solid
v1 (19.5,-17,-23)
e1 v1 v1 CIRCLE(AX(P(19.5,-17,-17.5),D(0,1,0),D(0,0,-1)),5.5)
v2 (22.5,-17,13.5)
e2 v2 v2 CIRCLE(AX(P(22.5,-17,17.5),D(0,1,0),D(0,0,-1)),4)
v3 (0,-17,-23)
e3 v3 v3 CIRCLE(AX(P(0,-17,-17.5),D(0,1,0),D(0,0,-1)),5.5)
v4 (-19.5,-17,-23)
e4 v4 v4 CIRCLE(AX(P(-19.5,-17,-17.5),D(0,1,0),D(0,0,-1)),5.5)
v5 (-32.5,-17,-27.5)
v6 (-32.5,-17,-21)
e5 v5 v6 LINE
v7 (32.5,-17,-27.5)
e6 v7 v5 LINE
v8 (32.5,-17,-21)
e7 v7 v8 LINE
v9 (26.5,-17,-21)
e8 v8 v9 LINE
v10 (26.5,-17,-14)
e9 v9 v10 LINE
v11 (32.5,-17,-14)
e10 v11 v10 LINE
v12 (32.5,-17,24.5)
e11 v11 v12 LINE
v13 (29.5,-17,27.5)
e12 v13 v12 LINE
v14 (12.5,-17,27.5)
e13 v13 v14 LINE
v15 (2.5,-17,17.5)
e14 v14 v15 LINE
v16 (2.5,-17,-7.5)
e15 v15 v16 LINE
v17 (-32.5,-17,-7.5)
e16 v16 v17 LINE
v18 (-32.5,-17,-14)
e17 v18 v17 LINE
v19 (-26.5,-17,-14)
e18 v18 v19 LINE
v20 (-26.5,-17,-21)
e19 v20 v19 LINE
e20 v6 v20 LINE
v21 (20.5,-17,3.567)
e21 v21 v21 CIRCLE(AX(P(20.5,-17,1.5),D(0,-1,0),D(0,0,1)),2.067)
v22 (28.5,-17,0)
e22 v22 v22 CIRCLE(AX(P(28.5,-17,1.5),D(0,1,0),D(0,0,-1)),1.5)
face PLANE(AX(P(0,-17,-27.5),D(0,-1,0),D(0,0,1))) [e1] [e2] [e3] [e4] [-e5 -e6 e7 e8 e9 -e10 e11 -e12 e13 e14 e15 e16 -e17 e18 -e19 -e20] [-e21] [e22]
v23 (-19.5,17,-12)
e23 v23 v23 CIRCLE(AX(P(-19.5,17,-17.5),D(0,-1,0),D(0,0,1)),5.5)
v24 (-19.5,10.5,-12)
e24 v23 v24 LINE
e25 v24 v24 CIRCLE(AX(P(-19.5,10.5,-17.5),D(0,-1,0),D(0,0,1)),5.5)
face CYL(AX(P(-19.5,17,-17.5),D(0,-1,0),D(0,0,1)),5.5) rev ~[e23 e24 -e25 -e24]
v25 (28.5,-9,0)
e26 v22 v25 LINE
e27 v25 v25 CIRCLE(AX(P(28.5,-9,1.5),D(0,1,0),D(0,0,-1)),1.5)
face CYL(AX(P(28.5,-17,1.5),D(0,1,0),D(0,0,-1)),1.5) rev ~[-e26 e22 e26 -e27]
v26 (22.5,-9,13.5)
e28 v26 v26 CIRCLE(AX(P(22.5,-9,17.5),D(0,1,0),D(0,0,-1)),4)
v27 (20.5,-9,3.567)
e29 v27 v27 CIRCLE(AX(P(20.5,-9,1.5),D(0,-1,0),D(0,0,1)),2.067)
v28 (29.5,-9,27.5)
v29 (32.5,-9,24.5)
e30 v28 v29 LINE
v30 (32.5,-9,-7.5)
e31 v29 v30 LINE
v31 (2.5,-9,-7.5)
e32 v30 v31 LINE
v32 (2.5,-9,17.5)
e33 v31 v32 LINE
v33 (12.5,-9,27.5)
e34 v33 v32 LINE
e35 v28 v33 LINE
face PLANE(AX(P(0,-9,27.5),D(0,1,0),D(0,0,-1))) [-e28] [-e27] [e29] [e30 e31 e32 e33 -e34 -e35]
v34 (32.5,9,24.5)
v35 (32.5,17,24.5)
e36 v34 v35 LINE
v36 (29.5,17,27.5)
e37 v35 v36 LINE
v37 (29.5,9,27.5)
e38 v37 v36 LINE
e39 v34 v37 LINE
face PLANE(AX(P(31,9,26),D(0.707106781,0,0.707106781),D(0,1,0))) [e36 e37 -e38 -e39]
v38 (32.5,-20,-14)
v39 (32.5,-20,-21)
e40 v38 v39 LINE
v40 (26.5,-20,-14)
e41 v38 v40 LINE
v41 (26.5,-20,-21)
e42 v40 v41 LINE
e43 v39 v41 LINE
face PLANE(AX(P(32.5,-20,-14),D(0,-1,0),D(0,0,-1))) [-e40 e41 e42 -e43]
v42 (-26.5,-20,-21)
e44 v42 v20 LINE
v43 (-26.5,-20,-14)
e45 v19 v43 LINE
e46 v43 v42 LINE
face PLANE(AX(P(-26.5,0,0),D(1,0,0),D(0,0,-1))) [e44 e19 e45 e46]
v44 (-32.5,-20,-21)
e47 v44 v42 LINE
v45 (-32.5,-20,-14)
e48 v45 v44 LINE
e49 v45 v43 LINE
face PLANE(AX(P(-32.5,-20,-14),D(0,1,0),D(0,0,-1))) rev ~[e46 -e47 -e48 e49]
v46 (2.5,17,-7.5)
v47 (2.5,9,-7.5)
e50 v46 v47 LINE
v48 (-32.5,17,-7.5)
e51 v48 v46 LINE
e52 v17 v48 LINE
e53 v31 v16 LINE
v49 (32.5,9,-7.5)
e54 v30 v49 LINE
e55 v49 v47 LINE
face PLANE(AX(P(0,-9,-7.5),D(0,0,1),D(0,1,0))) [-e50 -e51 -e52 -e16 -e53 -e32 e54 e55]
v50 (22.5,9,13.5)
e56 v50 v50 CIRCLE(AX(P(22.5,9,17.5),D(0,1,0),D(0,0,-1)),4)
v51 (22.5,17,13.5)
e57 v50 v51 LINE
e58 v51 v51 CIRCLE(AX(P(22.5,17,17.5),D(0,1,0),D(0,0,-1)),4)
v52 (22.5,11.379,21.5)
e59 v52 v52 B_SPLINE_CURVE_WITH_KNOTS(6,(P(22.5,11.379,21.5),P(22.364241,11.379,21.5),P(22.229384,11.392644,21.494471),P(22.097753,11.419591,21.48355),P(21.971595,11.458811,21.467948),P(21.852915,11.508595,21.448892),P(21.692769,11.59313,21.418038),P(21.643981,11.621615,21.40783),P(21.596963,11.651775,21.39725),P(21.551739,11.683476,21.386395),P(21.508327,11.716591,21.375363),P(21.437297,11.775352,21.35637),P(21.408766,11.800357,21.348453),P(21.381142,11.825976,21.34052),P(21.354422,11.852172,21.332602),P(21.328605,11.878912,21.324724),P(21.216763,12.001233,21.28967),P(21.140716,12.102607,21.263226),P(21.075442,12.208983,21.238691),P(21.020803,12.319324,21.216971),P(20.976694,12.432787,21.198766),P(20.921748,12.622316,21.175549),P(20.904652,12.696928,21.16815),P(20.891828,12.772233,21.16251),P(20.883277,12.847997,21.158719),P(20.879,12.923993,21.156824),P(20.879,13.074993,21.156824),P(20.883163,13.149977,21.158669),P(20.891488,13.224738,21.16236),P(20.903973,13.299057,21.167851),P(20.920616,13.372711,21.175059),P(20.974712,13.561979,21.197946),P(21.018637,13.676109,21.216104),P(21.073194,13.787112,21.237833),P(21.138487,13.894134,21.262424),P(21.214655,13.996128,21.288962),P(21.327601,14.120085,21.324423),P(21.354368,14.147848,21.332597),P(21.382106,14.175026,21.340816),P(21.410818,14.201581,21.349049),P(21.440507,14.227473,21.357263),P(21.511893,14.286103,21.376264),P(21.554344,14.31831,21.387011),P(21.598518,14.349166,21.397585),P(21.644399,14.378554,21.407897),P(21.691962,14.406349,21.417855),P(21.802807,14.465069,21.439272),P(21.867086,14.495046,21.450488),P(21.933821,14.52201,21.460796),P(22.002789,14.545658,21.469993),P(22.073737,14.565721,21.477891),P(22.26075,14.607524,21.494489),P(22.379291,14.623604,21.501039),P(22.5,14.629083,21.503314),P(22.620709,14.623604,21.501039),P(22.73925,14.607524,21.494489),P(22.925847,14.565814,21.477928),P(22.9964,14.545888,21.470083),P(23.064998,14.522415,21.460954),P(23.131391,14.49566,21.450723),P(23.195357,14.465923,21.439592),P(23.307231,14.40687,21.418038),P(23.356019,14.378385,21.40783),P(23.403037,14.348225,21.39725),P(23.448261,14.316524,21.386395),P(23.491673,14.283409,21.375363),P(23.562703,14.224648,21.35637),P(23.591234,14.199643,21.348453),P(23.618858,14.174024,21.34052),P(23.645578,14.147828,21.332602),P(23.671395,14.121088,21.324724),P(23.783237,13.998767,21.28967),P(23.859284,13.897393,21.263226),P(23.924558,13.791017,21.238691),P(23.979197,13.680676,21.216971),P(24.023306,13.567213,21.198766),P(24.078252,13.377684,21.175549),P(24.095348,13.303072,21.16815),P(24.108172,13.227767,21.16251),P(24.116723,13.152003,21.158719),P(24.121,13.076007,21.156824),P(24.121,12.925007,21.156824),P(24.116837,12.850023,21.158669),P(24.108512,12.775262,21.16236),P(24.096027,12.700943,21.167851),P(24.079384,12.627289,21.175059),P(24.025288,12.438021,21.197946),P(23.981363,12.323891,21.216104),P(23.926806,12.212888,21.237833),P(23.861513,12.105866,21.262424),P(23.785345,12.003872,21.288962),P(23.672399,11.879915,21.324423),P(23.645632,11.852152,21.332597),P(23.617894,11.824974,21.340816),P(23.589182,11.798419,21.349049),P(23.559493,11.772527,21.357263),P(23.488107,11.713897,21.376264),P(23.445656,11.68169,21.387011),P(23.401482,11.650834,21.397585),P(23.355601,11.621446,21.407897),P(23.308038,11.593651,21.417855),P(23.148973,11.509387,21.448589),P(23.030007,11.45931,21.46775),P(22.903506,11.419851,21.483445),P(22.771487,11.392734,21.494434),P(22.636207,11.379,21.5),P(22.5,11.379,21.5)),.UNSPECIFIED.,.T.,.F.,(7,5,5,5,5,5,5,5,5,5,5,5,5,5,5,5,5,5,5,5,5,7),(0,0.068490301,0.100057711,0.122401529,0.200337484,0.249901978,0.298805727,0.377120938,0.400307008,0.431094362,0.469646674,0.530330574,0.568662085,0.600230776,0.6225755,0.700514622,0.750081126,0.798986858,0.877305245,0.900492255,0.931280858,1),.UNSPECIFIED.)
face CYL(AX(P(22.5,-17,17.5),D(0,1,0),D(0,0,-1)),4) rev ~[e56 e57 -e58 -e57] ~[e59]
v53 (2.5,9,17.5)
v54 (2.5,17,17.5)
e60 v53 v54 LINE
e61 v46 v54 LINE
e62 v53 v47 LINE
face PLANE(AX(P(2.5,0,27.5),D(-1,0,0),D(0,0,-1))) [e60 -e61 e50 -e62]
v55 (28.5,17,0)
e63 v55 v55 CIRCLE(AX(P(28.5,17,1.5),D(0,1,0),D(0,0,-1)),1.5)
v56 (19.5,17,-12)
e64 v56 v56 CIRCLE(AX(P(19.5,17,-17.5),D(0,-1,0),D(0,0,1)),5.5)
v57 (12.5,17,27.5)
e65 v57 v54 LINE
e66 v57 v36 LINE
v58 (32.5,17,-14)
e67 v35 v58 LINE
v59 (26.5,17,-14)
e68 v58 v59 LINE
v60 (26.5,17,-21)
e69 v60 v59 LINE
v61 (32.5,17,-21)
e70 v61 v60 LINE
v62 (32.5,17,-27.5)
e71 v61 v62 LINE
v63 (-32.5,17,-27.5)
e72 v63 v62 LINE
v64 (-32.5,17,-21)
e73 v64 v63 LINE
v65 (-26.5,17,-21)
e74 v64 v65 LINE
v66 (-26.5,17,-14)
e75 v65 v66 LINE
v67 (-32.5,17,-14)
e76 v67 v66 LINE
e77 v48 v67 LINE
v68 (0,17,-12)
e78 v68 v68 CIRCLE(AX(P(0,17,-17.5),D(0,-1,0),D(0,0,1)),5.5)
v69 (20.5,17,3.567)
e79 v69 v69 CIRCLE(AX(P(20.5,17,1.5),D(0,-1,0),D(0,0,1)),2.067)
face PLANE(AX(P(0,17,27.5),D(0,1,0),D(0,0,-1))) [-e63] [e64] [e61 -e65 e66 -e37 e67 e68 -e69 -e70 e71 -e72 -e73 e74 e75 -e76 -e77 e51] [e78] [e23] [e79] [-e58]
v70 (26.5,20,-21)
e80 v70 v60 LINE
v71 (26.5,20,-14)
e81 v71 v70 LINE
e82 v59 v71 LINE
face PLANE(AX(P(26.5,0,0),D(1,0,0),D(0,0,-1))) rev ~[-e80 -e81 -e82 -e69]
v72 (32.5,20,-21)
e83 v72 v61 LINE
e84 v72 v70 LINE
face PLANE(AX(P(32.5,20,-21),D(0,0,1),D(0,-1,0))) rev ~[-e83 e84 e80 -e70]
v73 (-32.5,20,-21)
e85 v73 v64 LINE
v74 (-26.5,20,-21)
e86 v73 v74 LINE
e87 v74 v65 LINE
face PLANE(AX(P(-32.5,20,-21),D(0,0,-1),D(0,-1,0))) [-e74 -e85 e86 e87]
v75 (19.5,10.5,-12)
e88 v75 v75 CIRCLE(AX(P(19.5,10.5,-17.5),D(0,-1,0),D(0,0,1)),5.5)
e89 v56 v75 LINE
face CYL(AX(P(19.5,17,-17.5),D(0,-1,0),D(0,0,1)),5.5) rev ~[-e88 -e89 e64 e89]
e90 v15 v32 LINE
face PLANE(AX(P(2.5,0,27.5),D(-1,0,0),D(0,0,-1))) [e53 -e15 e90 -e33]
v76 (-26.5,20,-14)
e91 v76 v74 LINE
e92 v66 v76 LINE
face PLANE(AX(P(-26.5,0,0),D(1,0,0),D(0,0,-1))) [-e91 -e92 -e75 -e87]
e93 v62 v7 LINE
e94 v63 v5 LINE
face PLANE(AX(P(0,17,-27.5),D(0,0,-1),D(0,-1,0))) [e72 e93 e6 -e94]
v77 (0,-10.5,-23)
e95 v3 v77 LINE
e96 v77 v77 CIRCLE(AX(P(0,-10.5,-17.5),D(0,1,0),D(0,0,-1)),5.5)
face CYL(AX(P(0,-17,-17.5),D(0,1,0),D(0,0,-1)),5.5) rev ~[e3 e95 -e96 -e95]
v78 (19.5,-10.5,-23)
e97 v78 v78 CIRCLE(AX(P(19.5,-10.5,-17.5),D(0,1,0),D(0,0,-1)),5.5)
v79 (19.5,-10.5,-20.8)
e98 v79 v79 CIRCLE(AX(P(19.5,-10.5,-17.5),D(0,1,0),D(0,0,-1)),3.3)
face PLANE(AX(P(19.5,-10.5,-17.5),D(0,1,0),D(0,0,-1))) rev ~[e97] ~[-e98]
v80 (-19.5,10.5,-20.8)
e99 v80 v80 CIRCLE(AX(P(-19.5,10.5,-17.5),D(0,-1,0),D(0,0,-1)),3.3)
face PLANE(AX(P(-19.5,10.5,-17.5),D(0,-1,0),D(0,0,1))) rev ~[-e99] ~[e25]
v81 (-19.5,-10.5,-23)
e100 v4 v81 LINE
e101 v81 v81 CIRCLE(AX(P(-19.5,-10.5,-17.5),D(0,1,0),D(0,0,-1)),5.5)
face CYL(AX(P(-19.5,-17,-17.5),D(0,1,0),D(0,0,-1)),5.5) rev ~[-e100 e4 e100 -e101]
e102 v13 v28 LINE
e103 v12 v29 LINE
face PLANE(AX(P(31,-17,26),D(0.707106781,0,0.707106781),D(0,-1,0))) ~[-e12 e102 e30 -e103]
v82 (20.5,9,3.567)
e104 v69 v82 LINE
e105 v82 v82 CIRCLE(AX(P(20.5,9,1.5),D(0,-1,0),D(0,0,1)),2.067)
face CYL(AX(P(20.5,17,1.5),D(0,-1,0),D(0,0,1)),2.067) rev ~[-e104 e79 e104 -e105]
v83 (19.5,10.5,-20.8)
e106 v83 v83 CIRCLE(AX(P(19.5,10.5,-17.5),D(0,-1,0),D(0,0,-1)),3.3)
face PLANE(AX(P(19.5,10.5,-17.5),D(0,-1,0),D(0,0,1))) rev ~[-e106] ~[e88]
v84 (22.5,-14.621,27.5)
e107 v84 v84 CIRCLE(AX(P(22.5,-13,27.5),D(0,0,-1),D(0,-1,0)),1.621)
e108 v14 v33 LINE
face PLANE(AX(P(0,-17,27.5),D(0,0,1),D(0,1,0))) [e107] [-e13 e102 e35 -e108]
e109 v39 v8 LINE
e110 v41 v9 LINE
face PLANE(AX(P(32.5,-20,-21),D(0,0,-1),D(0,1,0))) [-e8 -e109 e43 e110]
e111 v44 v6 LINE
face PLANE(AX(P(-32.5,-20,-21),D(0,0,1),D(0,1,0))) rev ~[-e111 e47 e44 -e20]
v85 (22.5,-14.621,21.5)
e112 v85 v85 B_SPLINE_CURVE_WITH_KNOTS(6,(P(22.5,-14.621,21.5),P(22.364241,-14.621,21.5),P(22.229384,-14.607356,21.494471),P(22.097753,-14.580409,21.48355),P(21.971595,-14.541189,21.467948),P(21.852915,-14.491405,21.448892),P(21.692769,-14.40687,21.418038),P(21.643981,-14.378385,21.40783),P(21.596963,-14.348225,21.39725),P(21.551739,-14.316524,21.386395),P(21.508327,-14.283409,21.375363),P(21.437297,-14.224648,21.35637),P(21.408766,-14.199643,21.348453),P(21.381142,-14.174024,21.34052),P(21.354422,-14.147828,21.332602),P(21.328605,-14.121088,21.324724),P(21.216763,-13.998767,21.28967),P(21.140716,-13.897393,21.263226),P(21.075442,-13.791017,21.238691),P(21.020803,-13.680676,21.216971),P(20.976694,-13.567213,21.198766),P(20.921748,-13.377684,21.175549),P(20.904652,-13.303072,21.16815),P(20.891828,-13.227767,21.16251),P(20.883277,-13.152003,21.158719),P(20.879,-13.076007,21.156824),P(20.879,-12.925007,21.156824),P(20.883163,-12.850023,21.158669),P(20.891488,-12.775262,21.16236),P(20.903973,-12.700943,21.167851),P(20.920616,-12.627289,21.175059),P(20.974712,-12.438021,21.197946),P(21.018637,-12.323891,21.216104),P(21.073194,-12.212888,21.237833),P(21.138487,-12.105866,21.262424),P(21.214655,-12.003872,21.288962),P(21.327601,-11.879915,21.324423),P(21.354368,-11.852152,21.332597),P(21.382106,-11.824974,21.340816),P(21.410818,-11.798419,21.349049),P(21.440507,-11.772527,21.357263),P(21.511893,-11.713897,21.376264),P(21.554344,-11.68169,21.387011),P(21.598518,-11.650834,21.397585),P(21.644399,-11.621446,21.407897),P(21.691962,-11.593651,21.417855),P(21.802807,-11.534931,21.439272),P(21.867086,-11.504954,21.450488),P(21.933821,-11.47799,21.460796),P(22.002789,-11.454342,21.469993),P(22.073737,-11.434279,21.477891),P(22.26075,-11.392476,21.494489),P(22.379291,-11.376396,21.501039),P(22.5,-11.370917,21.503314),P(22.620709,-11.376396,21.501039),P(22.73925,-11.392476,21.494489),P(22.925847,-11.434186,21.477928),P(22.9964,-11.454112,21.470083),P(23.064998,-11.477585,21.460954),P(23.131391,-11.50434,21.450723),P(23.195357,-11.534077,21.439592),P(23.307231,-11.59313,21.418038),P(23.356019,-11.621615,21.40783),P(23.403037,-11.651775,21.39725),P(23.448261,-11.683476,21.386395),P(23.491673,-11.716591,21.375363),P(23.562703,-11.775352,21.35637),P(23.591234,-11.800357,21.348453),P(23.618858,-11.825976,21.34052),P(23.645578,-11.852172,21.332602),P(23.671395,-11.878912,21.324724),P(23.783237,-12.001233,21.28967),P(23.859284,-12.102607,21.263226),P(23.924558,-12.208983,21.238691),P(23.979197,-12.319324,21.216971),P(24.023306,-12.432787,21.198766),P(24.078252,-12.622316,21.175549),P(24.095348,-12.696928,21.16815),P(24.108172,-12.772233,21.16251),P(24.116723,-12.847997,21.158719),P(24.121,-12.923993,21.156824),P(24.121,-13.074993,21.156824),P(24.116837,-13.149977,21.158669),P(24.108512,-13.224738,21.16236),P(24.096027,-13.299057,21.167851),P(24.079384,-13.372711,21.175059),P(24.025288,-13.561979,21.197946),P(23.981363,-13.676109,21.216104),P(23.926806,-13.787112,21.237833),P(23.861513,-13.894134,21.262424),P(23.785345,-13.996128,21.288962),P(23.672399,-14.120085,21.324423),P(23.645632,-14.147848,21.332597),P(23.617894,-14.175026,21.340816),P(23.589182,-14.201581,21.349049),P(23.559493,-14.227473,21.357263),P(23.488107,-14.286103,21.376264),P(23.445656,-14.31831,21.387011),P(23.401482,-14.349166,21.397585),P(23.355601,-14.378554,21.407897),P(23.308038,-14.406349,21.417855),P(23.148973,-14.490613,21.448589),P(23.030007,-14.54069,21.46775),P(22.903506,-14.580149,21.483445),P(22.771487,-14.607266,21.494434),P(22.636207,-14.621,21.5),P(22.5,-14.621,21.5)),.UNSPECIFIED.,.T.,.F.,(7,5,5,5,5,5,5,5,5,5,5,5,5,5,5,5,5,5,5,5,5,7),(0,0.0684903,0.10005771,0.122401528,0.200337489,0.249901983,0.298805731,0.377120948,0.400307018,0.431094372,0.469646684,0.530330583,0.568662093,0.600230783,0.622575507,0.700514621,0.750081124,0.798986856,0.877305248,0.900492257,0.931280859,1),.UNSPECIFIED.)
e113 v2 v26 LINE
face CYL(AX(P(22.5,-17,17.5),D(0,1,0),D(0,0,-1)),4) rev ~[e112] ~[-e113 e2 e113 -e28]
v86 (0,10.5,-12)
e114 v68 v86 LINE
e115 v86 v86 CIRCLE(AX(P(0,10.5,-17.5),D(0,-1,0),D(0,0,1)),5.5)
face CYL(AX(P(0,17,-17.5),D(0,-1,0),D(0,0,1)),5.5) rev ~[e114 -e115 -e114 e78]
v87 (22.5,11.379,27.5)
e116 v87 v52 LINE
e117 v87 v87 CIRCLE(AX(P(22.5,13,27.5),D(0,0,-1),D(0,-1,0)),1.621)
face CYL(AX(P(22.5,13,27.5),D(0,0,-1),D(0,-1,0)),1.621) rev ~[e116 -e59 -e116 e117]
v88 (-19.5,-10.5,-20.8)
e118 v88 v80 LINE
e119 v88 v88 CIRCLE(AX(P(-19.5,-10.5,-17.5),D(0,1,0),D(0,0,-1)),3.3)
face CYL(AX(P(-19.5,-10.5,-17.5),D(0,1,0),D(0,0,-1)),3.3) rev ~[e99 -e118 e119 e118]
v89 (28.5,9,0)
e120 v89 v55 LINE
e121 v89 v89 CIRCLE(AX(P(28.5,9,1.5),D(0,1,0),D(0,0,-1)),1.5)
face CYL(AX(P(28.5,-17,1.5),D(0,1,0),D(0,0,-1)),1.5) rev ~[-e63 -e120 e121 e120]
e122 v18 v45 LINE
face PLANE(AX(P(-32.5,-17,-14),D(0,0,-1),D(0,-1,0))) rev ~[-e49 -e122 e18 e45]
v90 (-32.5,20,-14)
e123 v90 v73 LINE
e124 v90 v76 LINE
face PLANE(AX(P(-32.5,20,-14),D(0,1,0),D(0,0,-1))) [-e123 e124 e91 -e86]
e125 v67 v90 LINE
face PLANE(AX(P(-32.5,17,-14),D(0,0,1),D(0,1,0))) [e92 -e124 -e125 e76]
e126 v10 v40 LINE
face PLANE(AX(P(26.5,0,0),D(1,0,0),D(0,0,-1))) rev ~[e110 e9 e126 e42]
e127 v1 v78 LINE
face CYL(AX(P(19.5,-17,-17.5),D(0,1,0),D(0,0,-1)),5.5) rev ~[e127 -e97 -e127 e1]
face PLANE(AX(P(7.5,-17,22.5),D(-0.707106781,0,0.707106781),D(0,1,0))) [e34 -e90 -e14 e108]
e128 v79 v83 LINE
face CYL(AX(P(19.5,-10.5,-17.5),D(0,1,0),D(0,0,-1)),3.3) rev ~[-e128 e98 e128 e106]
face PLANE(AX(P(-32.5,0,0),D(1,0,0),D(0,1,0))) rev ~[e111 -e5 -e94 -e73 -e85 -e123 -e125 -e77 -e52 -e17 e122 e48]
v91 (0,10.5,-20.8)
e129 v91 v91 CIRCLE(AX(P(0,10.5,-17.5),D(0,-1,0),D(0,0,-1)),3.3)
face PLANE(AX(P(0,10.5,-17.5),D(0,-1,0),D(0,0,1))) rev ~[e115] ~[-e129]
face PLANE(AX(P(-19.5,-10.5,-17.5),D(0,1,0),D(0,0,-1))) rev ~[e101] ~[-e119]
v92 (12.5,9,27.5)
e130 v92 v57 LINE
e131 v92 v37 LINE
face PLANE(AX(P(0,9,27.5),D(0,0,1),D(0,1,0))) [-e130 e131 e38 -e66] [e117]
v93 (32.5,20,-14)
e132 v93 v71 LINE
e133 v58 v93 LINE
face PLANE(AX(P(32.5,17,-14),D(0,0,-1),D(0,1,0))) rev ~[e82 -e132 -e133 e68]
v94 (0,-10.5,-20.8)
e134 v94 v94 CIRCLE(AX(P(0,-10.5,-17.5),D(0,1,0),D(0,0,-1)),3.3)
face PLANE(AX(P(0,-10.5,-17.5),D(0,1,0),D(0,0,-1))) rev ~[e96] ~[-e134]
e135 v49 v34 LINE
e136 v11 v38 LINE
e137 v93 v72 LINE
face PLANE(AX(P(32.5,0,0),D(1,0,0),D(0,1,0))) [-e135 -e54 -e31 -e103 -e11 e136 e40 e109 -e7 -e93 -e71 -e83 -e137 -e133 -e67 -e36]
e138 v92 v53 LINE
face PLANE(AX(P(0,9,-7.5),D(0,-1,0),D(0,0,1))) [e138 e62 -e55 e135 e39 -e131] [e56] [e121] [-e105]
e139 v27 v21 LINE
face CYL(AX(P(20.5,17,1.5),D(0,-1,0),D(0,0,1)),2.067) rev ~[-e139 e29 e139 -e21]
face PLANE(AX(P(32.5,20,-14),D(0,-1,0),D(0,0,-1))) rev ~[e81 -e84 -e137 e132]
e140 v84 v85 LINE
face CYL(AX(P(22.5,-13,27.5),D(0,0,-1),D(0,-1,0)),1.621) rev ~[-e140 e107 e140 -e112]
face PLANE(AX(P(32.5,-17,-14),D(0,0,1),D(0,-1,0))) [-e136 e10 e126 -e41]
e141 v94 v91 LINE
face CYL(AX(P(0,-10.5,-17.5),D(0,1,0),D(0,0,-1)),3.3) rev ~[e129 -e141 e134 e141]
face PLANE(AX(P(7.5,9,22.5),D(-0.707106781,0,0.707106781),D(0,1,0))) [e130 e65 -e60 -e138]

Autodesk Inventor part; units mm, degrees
ref_plane "YZ Plane" through (0, 0, 0) normal (1, 0, 0) x (0, 1, 0)
ref_plane "XZ Plane" through (0, 0, 0) normal (0, 1, 0) x (-1, 0, 0)
ref_plane "XY Plane" through (0, 0, 0) normal (0, 0, 1) x (1, 0, 0)
sketch "Sketch2" plane through (0, 0, 0) normal (1, 0, 0) x (0, 1, 0)
  line L0 (17, -27.5) -> (-17, -27.5)
  line L1 (-17, -27.5) -> (-17, 27.5)
  line L2 (-17, 27.5) -> (17, 27.5)
  line L3 (17, 27.5) -> (17, -27.5)
  line L4 (17, -27.5) -> (-17, 27.5) construction
  line L5 (-17, -27.5) -> (17, 27.5) construction
  line L6 (9, 27.5) -> (-9, 27.5)
  line L7 (-9, 27.5) -> (-9, -7.5)
  line L8 (-9, -7.5) -> (9, -7.5)
  line L9 (9, -7.5) -> (9, 27.5)
  point P0 (0, 0)
  point P1 (-9, 27.5)
  dimension "d1" = 34
  dimension "d2" = 55
  dimension "d3" = 8
  dimension "d4" = 8
  dimension "d5" = 20
extrude "Extrusion1" add sketch "Sketch2" along normal mid plane 65 contours L0 L1 L2 L7 L8 L9 L3
sketch "Sketch3" plane through (0, 0, 0) normal (0, 1, 0) x (-1, 0, 0)
  line L0 (32.5, 27.5) -> (-32.5, 27.5) projected
  line L1 (32.5, 27.5) -> (-2.5, 27.5)
  line L2 (-2.5, 27.5) -> (-2.5, -7.5)
  line L3 (-2.5, -7.5) -> (32.5, -7.5)
  line L4 (32.5, -7.5) -> (32.5, 27.5)
  point P0 (0, 0)
  dimension "d8" = 35
  dimension "d9" = 35
extrude "Extrusion2" cut sketch "Sketch3" along normal through all both and the other way through all
sketch "Sketch4" plane through (32.5, 0, 0) normal (1, 0, 0) x (0, 0, -1)
  line L0 (21, -17) -> (14, -17)
  line L1 (14, -17) -> (14, -20)
  line L2 (14, -20) -> (21, -20)
  line L3 (21, -20) -> (21, -17)
  line L4 (27.5, -17) -> (27.5, 17) projected
  line L5 (-27.5, -17) -> (27.5, -17) projected
  line L6 (27.5, 17) -> (27.5, -17) projected
  line L7 (27.5, 0) -> (7.5, 0) construction
  line L8 (7.5, -17) -> (7.5, 17) projected
  line L9 (21, 17) -> (14, 17)
  line L10 (14, 17) -> (14, 20)
  line L11 (14, 20) -> (21, 20)
  line L12 (21, 20) -> (21, 17)
  point P0 (0, 0)
  dimension "d12" = 7
  dimension "d13" = 3
  dimension "d14" = 6.5
extrude "Extrusion3" add sketch "Sketch4" against normal blind 6
extrude "Extrusion4" add sketch "Sketch4" along normal blind 6 from surface at -65
sketch "Sketch5" plane through (-32.5, -17, -27.5) normal (0, -1, 0) x (1, 0, 0)
  line L0 (65, 0) -> (0, 0) projected
  line L1 (65, 6.5) -> (65, 0) projected
  point P0 (32.5, 27.5)
  point P1 (13, 10)
  point P2 (32.5, 10)
  point P3 (52, 10)
  dimension "d19" = 10
  dimension "d20" = 13
  dimension "d21" = 19.5
  dimension "d22" = 19.5
hole "Hole1" at (-19.5, -17, -17.5) at (0, -17, -17.5) at (19.5, -17, -17.5) direction (0, 1, 0) diameter 6.6 end through all counterbore diameter 11 counterbore depth 6.5 clearance for "Socket Head Cap Screw" size "M6" standard "TS Profile"
sketch "Sketch6" plane through (-32.5, 17, -27.5) normal (0, 1, 0) x (1, 0, 0)
  circle A0 centre (52, -10) radius 3.3 projected
  circle A1 centre (32.5, -10) radius 3.3 projected
  circle A2 centre (13, -10) radius 3.3 projected
  point P0 (32.5, -27.5)
hole "Hole2" at (19.5, 17, -17.5) at (0, 17, -17.5) at (-19.5, 17, -17.5) direction (0, -1, 0) diameter 6.6 end through all counterbore diameter 11 counterbore depth 6.5 clearance for "Socket Head Cap Screw" size "M6" standard "TS Profile"
sketch "Sketch7" plane through (-32.5, -17, -27.5) normal (0, -1, 0) x (1, 0, 0)
  line L0 (65, 0) -> (0, 0) projected
  line L1 (65, 55) -> (65, 13.5) projected
  point P0 (32.5, 27.5)
  point P1 (61, 29)
  dimension "d37" = 29
  dimension "d38" = 4
hole "Hole3" at (28.5, -17, 1.5) direction (0, 1, 0) diameter 3 end through all
sketch "Sketch8" plane through (-32.5, -17, -27.5) normal (0, -1, 0) x (1, 0, 0)
  line L0 (35, 55) -> (65, 55) projected
  line L1 (65, 55) -> (65, 13.5) projected
  point P0 (32.5, 27.5)
  point P1 (55, 45)
  dimension "d46" = 10
  dimension "d47" = 10
hole "Hole4" at (22.5, -17, 17.5) direction (0, 1, 0) diameter 8 end through all
sketch "Sketch9" plane through (32.5, -17, 27.5) normal (0, 0, 1) x (1, 0, 0)
  line L0 (-30, 34) -> (0, 34) projected
  line L1 (-30, 0) -> (0, 0) projected
  line L2 (0, 8) -> (0, 0) projected
  point P0 (-32.5, 17)
  point P1 (-10, 4)
  point P2 (-10, 30)
  dimension "d55" = 4
  dimension "d56" = 4
  dimension "d57" = 10
hole "Hole5" at (22.5, -13, 27.5) at (22.5, 13, 27.5) direction (0, 0, -1) diameter 3.242 depth 10 tip angle 118 thread size "M4x0.7" class "6H" standard "TS profile"
chamfer "Chamfer1" distance 10 angle 45 2 edges at (2.5, -13, 27.5) (2.5, 13, 27.5)
chamfer "Chamfer2" distance 3 angle 45 2 edges at (32.5, -13, 27.5) (32.5, 13, 27.5)
sketch "Sketch10" plane through (-32.5, 17, -27.5) normal (0, 1, 0) x (1, 0, 0)
  circle A0 centre (53, -29) radius 2.5 construction
  line L0 (0, 0) -> (65, 0) projected
  line L1 (65, 0) -> (65, -6.5) projected
  dimension "d71" = 5
  dimension "d72" = 29
  dimension "d74" = 12
hole "Hole6" at (20.5, 17, 1.5) direction (0, -1, 0) diameter 4.134 end through all thread size "M5x0.8" class "6H" standard "TS profile"
equation "\"d56\" = d55"
properties part number "TL20240701-10200AT-001" material "AL6061"
